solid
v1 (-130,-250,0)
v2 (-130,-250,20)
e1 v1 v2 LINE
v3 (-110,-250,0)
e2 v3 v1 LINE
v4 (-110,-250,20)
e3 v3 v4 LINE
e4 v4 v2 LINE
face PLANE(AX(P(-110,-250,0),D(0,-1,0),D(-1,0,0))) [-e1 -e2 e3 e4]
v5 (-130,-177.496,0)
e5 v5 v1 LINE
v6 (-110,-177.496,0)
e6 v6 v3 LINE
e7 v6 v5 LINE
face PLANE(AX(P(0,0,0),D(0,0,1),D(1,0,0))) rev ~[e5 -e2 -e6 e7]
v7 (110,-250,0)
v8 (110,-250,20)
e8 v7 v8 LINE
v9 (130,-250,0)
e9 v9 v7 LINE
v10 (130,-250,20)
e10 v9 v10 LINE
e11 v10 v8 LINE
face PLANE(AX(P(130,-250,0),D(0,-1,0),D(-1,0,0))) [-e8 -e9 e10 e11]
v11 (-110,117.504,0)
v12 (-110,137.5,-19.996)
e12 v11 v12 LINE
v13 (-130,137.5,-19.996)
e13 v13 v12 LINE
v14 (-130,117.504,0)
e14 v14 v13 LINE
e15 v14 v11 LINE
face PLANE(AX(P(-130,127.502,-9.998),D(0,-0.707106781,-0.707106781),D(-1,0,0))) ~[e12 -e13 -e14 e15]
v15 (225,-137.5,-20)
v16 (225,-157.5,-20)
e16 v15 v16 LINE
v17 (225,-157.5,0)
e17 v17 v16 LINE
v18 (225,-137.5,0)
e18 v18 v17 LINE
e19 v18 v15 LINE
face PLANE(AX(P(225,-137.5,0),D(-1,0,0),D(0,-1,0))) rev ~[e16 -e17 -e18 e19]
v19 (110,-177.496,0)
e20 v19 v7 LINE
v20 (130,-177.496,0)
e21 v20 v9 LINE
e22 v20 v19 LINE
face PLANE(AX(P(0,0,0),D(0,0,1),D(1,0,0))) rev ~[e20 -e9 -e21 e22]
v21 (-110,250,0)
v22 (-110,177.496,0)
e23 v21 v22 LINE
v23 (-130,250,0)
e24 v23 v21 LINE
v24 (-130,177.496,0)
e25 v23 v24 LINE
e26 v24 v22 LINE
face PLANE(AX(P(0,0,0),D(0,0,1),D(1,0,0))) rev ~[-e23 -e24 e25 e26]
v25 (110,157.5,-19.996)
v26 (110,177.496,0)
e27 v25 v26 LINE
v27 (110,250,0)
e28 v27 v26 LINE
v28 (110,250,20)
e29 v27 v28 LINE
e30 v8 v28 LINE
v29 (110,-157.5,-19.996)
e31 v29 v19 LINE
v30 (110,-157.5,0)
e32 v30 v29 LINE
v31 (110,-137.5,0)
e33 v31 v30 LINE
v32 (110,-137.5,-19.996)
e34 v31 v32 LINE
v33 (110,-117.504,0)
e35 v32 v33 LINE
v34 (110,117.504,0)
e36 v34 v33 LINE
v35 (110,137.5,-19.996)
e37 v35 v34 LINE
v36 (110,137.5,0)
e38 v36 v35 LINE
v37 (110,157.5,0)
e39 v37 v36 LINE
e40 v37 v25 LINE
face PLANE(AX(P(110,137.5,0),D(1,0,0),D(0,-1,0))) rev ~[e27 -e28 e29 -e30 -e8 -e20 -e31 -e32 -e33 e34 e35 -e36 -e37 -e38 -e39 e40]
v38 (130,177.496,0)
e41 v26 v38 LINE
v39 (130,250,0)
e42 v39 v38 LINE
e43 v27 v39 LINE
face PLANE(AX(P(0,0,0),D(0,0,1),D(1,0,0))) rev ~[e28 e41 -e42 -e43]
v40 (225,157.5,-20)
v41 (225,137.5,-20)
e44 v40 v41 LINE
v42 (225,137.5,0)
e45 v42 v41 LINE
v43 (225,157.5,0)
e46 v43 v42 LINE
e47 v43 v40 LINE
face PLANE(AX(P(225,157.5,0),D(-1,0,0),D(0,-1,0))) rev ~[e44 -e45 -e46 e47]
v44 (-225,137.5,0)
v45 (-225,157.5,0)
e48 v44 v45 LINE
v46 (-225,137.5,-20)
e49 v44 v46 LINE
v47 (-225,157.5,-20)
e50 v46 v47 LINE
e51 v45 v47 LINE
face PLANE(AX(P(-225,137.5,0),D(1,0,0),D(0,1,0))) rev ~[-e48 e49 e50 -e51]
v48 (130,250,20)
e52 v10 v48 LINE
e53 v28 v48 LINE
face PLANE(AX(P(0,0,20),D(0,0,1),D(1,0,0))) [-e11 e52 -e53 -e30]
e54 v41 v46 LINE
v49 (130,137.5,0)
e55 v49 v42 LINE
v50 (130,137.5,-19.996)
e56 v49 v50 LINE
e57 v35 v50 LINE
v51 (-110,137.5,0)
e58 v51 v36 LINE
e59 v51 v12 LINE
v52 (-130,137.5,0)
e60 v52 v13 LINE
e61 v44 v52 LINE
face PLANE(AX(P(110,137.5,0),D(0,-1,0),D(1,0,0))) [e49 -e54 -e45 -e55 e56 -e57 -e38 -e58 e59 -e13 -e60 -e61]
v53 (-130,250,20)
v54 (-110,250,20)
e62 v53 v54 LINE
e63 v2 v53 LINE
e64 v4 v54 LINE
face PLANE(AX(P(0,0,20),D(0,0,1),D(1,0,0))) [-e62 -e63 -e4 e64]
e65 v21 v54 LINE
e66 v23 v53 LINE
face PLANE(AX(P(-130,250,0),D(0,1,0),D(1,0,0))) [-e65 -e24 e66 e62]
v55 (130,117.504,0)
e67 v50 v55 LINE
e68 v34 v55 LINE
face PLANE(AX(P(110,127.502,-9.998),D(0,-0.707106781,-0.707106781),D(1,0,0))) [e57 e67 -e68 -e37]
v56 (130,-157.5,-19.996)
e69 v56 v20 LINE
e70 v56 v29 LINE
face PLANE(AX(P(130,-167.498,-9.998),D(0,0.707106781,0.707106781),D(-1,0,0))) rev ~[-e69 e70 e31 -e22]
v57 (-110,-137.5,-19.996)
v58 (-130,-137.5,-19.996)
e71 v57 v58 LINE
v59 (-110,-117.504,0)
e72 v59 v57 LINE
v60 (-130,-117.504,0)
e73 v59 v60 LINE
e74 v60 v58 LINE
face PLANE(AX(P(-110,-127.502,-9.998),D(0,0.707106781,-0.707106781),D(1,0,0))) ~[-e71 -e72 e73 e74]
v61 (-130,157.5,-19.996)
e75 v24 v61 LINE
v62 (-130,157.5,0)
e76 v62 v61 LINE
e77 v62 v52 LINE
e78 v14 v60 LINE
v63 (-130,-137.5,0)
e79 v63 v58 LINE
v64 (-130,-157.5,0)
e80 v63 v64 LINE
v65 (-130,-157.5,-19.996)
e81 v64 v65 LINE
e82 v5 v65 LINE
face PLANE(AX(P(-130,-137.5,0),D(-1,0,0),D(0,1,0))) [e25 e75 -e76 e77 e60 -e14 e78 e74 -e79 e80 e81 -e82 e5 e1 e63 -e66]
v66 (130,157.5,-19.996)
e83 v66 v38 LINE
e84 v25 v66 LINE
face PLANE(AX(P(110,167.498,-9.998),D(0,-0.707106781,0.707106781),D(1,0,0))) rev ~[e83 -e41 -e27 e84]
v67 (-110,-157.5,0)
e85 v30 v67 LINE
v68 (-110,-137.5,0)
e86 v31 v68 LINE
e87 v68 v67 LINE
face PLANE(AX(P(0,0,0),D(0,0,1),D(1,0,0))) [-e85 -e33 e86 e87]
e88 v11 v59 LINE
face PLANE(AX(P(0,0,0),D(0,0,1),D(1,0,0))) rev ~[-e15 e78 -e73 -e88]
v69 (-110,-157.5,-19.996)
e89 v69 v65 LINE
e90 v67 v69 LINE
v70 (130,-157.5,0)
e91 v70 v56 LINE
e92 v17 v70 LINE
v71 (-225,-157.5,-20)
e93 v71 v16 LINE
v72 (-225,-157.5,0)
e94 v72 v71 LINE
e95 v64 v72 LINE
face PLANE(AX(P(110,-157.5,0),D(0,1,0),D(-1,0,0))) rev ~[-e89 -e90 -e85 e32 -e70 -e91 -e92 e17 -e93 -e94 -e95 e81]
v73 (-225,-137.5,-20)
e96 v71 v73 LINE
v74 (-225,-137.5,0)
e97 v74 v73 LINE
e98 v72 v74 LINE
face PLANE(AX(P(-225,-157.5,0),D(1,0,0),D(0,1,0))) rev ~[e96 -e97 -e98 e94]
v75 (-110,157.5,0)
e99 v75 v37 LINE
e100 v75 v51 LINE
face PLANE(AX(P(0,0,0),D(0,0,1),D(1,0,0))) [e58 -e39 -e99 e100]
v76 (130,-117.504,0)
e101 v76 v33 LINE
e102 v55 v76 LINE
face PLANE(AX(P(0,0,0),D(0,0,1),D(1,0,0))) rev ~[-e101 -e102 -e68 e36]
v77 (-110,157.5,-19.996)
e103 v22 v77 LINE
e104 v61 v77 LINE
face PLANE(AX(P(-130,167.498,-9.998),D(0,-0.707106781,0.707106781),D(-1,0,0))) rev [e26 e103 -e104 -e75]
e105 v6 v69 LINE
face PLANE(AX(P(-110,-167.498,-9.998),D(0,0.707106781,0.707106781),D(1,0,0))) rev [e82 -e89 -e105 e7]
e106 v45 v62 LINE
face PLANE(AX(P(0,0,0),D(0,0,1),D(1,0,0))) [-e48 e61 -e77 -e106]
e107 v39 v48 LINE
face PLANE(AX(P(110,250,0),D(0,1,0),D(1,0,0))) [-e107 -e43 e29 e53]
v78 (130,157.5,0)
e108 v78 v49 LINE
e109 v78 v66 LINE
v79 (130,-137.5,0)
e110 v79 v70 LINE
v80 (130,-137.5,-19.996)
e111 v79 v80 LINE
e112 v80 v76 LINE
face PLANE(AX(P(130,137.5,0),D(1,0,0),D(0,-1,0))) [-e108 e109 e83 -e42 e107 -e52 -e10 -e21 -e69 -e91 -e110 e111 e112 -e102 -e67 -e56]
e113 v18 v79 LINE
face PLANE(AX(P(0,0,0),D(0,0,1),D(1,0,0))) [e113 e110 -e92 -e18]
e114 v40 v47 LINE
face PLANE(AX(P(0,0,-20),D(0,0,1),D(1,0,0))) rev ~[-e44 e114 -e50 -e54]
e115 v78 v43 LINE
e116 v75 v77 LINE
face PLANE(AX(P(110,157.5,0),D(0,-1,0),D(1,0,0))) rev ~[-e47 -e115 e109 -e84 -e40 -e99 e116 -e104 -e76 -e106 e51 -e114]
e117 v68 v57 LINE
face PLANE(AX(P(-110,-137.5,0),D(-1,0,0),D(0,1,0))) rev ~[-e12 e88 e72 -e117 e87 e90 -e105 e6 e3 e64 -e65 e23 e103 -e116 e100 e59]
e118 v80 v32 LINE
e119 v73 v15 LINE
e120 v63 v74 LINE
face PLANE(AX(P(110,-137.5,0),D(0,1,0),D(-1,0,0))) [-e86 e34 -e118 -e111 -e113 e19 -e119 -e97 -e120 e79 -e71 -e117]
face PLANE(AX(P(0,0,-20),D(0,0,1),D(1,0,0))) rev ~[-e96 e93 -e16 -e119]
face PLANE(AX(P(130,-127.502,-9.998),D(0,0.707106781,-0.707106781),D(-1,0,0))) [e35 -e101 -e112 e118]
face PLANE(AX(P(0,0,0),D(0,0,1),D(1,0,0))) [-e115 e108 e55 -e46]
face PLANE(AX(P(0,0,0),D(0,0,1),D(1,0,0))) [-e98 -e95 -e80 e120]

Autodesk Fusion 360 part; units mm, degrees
sketch "草图1" plane through (0, 0, 0) normal (0, 0, 1) x (1, 0, 0)
  line L0 (110, -137.5) -> (-110, -137.5)
  line L1 (-110, -137.5) -> (-110, 137.5)
  line L2 (-110, 137.5) -> (110, 137.5)
  line L3 (110, 137.5) -> (110, -137.5)
  line L4 (110, -137.5) -> (-110, 137.5) construction
  line L5 (-110, -137.5) -> (110, 137.5) construction
  line L6 (130, -157.5) -> (-130, -157.5)
  line L7 (-130, -157.5) -> (-130, 157.5)
  line L8 (-130, 157.5) -> (130, 157.5)
  line L9 (130, 157.5) -> (130, -157.5)
  line L10 (130, -157.5) -> (-130, 157.5) construction
  line L11 (-130, -157.5) -> (130, 157.5) construction
  line L12 (110, 137.5) -> (225, 137.5)
  line L13 (225, 137.5) -> (-225, 137.5)
  line L14 (0, 0) -> (0, 157.5) construction
  line L15 (0, 0) -> (0, -157.5) construction
  line L16 (-110, 137.5) -> (-110, 250)
  line L17 (-110, 250) -> (-110, -250)
  line L18 (0, 0) -> (-130, 0) construction
  line L19 (-225, 250) -> (225, 250)
  line L20 (225, 250) -> (225, -250)
  line L21 (225, -250) -> (-225, -250)
  line L22 (-225, -250) -> (-225, 250)
  line L23 (-225, 250) -> (225, -250) construction
  line L24 (225, 250) -> (-225, -250) construction
  line L25 (-130, 250) -> (-130, -250)
  line L26 (225, -157.5) -> (-225, -157.5)
  line L27 (-225, -137.5) -> (225, -137.5)
  line L28 (110, 250) -> (110, -250)
  line L29 (130, -250) -> (130, 250)
  line L30 (225, 157.5) -> (-225, 157.5)
  point P0 (-110, 0)
  dimension "d1" = 220
  dimension "d2" = 275
  dimension "d3" = 20
  dimension "d4" = 20
  dimension "d5" = 450
  dimension "d6" = 95
  dimension "d7" = 95
  dimension "d8" = 500
  dimension "d9" = 92.5
extrude "拉伸1" add sketch "草图1" along normal blind 20 contours L3 L9 L12 L13 L27 L28 L29 | L6 L9 L26 L27 L28 L29 | L1 L7 L13 L17 L25 L27 | L6 L7 L17 L25 L26 L27 | L8 L9 L12 L13 L28 L29 L30 | L6 L21 L26 L28 L29 | L7 L8 L13 L16 L17 L25 L30 | L6 L17 L21 L25 L26 | L8 L19 L28 L29 L30 | L8 L16 L17 L19 L25 L30 makes body 1 at (-110, 83.3333, 6.6667) makes body 2 at (130, 83.3333, 6.6667)
extrude "拉伸2" add sketch "草图1" against normal blind 20 contours L0 L6 L17 L26 L27 L28 | L6 L9 L26 L27 L28 L29 | L6 L7 L17 L25 L26 L27 | L8 L9 L12 L13 L28 L29 L30 | L2 L8 L13 L16 L17 L28 L30 | L9 L20 L26 L27 L29 | L7 L8 L13 L16 L17 L25 L30 | L7 L22 L25 L26 L27 | L9 L12 L13 L20 L29 L30 | L7 L13 L22 L25 L30 bodies 1 2
chamfer "倒角1" distance 20 angle 45 8 edges at (-120, -157.5, 0) (120, -157.5, 0) (-120, 137.5, 0) (120, 137.5, 0) (-120, -137.5, 0) (-120, 157.5, 0) (120, 157.5, 0) (120, -137.5, 0) on bodies 1
